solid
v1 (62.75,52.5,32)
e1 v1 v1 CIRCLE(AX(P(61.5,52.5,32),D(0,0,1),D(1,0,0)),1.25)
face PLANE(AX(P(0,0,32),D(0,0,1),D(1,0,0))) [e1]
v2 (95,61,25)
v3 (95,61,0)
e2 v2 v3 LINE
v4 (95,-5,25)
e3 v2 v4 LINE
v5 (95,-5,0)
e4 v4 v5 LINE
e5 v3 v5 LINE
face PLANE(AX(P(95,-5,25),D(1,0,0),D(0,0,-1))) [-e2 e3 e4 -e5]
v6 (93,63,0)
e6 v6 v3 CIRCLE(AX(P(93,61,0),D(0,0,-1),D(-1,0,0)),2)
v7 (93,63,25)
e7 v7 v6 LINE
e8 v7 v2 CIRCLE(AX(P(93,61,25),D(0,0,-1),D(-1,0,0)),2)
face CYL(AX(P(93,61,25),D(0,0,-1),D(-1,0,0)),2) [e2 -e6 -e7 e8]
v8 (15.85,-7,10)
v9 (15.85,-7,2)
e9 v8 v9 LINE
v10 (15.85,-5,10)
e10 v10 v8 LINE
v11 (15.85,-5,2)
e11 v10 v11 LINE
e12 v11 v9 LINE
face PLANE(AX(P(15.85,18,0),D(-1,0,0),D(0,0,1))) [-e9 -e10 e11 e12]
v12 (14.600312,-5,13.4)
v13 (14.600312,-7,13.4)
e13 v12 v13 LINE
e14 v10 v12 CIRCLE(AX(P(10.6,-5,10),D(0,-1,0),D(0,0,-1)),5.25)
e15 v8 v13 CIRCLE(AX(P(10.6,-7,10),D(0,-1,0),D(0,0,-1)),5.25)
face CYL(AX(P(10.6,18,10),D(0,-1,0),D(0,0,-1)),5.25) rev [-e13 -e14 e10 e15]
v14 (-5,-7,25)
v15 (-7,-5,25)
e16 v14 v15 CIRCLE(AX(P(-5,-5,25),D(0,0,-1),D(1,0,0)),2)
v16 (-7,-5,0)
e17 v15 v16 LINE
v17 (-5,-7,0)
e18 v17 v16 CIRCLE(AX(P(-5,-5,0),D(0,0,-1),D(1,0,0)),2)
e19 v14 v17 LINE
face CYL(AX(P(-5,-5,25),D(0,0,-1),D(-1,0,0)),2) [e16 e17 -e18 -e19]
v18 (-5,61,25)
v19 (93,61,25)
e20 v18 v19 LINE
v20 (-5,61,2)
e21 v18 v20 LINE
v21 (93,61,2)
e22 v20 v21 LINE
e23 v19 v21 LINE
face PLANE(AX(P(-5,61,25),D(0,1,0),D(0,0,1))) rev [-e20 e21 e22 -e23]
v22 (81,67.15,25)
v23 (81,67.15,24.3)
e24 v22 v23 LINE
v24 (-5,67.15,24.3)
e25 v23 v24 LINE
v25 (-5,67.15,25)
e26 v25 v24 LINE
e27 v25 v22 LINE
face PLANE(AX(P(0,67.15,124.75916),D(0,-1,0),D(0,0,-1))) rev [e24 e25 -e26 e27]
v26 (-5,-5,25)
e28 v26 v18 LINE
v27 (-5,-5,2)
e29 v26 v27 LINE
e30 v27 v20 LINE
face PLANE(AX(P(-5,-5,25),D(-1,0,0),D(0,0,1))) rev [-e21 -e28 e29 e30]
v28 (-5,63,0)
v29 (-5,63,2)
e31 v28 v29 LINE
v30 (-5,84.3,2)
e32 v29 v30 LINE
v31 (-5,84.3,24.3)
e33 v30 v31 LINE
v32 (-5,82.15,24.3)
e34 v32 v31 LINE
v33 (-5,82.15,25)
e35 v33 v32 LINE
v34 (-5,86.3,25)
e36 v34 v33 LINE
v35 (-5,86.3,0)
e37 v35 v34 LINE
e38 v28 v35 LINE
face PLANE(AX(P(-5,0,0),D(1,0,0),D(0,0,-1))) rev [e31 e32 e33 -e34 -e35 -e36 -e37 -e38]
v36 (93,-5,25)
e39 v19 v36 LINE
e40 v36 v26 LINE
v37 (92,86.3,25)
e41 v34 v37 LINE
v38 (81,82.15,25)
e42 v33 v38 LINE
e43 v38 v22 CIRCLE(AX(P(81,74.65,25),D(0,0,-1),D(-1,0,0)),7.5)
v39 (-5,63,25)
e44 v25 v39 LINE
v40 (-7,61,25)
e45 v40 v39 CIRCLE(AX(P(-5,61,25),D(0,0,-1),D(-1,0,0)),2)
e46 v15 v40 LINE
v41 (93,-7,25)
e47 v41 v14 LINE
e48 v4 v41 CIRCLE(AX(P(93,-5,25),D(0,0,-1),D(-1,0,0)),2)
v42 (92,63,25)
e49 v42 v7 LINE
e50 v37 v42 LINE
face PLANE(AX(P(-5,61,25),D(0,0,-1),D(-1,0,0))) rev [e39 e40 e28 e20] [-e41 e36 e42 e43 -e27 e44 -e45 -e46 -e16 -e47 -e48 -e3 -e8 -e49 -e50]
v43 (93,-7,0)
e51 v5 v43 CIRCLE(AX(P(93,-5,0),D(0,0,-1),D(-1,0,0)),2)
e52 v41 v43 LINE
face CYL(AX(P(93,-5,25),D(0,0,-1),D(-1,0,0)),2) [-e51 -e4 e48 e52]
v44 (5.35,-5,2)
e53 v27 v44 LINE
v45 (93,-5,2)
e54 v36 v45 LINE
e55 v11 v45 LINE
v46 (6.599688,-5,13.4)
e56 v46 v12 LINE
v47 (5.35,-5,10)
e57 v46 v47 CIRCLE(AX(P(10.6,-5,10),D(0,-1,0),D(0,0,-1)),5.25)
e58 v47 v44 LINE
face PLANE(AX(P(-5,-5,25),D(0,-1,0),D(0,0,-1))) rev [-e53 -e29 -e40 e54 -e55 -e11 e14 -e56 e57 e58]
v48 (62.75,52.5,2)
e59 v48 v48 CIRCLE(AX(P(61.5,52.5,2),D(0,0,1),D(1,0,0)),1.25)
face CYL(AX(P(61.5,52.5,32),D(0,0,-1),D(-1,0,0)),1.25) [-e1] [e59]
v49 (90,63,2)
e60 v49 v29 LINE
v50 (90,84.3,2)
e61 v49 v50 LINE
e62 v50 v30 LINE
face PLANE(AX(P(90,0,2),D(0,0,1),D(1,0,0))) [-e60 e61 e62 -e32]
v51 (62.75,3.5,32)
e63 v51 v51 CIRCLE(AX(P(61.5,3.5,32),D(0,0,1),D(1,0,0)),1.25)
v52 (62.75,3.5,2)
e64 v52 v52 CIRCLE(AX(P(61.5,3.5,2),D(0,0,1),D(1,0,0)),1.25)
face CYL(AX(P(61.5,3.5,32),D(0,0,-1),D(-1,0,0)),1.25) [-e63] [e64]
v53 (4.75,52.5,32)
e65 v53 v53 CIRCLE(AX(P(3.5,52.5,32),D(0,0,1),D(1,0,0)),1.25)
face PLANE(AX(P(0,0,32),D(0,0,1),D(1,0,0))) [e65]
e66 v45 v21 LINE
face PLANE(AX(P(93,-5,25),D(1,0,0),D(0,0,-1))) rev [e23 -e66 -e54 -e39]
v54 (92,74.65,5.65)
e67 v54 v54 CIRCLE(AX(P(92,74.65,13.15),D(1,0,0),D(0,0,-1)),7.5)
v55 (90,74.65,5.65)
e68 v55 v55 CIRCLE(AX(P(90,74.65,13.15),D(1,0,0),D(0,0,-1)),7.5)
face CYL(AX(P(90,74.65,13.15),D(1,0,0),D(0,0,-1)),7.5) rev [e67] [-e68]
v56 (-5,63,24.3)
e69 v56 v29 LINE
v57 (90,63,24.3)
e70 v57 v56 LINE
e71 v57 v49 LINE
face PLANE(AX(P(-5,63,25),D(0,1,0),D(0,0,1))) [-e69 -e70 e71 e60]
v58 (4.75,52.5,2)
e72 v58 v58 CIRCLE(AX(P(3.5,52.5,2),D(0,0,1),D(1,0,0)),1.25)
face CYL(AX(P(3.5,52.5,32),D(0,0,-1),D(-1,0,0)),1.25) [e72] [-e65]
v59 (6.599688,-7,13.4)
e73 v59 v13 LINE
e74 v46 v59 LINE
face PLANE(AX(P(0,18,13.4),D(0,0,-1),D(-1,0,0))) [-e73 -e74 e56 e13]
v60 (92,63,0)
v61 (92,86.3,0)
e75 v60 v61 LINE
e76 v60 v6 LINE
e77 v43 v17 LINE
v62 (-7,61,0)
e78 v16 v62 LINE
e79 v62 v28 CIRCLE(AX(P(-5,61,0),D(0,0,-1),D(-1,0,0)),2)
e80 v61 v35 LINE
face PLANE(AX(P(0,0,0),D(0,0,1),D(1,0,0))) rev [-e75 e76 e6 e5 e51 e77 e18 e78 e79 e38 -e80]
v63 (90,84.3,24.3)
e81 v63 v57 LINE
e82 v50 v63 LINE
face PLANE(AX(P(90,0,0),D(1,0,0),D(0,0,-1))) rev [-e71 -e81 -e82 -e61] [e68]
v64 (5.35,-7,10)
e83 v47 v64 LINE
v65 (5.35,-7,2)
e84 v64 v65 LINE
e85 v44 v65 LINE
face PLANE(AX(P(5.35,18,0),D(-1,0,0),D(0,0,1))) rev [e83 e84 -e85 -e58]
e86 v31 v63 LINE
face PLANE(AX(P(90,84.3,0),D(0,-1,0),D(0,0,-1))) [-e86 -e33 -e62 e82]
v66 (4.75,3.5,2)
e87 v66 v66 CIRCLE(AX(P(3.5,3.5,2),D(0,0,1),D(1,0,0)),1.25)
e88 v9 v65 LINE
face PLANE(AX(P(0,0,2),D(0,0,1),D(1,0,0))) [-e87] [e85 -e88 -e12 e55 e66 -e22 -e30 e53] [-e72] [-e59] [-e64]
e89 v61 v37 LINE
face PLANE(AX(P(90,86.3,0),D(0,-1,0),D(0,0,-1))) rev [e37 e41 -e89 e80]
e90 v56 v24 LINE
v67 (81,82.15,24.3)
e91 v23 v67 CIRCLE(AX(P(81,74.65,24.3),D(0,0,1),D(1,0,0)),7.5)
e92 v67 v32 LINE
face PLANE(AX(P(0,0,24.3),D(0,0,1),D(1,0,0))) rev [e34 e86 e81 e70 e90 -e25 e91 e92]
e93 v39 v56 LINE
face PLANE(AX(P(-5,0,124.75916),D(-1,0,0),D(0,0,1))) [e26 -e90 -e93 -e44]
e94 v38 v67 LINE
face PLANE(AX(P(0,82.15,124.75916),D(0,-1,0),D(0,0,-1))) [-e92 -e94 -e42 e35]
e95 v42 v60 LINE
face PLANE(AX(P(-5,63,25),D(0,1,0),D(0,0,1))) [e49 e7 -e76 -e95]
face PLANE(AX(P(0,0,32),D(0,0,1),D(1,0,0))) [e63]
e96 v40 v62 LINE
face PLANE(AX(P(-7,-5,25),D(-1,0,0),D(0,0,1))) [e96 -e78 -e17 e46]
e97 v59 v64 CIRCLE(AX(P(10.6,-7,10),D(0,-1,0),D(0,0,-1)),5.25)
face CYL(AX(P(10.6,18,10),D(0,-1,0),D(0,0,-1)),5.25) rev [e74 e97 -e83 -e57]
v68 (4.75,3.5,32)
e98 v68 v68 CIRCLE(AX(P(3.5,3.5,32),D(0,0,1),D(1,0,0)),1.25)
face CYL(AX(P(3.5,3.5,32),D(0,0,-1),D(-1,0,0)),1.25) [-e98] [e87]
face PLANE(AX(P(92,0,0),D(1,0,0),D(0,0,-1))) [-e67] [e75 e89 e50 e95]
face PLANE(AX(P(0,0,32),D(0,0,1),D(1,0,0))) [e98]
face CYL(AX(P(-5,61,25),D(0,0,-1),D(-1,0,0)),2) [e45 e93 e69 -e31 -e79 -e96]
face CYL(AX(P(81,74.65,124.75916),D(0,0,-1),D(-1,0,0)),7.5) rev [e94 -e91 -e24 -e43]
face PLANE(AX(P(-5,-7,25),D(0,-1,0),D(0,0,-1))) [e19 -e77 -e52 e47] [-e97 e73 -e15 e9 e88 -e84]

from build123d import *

# Parameters (mm, degrees)
SKETCH1_W           = 98
SKETCH1_H           = 66
SKETCH1_R           = 1.25
BOSS_EXTRUDE1_DEPTH = 2
SKETCH1_3_R         = 1.25
BOSS_EXTRUDE2_DEPTH = 32
SKETCH2_W           = 98
SKETCH2_H           = 66
BOSS_EXTRUDE3_DEPTH = 25
CUT_EXTRUDE1_DEPTH  = 25
BOSS_EXTRUDE4_DEPTH = 95
SKETCH5_W           = 24
SKETCH5_H           = 23.3
BOSS_EXTRUDE5_DEPTH = 2
BOSS_EXTRUDE6_DEPTH = 0.3
BOSS_EXTRUDE7_DEPTH = 0.7
CUT_EXTRUDE2_DEPTH  = 2


with BuildPart() as part:
    # Sketch1 → Boss-Extrude1 (new body)
    with BuildSketch(Plane.XY):
        with Locations((44, 28)):
            Rectangle(SKETCH1_W, SKETCH1_H)
        with Locations((61.5, 3.5)):
            Circle(SKETCH1_R, mode=Mode.SUBTRACT)
        with Locations((3.5, 52.5)):
            Circle(SKETCH1_R, mode=Mode.SUBTRACT)
        with Locations((61.5, 52.5)):
            Circle(SKETCH1_R, mode=Mode.SUBTRACT)
        with Locations((3.5, 3.5)):
            Circle(SKETCH1_R, mode=Mode.SUBTRACT)
    extrude(amount=BOSS_EXTRUDE1_DEPTH)

    # Sketch1<3> → Boss-Extrude2 (add)
    with BuildSketch(Plane.XY):
        with Locations((3.5, 52.5)):
            Circle(SKETCH1_3_R)
        with Locations((61.5, 52.5)):
            Circle(SKETCH1_3_R)
        with Locations((61.5, 3.5)):
            Circle(SKETCH1_3_R)
        with Locations((3.5, 3.5)):
            Circle(SKETCH1_3_R)
    extrude(amount=BOSS_EXTRUDE2_DEPTH)

    # Sketch2 → Boss-Extrude3 (add)
    with BuildSketch(Plane(origin=(0, 0, 0), x_dir=(-1, 0, 0), z_dir=(0, 0, -1))):
        with BuildLine():
            Line((7, -5), (7, 61))
            ThreePointArc((7, 61), (6.414213562, 62.414213562), (5, 63))
            Line((5, 63), (-93, 63))
            ThreePointArc((-93, 63), (-94.414213562, 62.414213562), (-95, 61))
            Line((-95, 61), (-95, -5))
            ThreePointArc((-95, -5), (-94.414213562, -6.414213562), (-93, -7))
            Line((-93, -7), (5, -7))
            ThreePointArc((5, -7), (6.414213562, -6.414213562), (7, -5))
        make_face()
        with Locations((-44, 28)):
            Rectangle(SKETCH2_W, SKETCH2_H, mode=Mode.SUBTRACT)
    extrude(amount=-BOSS_EXTRUDE3_DEPTH)

    # Sketch3 → Cut-Extrude1 (cut)
    with BuildSketch(Plane.XZ.offset(7)):
        with BuildLine():
            Line((15.85, 10), (15.85, 2))
            Line((15.85, 2), (5.35, 2))
            Line((5.35, 2), (5.35, 10))
            ThreePointArc((5.35, 10), (5.672315931, 11.81119566), (6.599687512, 13.4))
            Line((6.599687512, 13.4), (14.600312488, 13.4))
            ThreePointArc((14.600312488, 13.4), (15.527684069, 11.81119566), (15.85, 10))
        make_face()
    extrude(amount=-CUT_EXTRUDE1_DEPTH, mode=Mode.SUBTRACT)

    # Sketch4 → Boss-Extrude4 (add)
    with BuildSketch(Plane(origin=(-5, 0, 0), x_dir=(0, 0, -1), z_dir=(1, 0, 0))):
        Polygon((-24, 84.3), (-24, 86.3), (0, 86.3), (0, 63), (-2, 63), (-2, 84.3), align=None)
    extrude(amount=BOSS_EXTRUDE4_DEPTH)

    # Sketch5 → Boss-Extrude5 (add)
    with BuildSketch(Plane(origin=(90, 0, 0), x_dir=(0, 0, -1), z_dir=(1, 0, 0))):
        with Locations((-12, 74.65)):
            Rectangle(SKETCH5_W, SKETCH5_H)
    extrude(amount=BOSS_EXTRUDE5_DEPTH)

    # Sketch6 → Boss-Extrude6 (add)
    with BuildSketch(Plane.XY.offset(24)):
        Polygon((-5, 84.3), (-5, 86.3), (92, 86.3), (92, 63), (90, 63), (90, 84.3), align=None)
    extrude(amount=BOSS_EXTRUDE6_DEPTH)

    # Sketch7 → Boss-Extrude7 (add)
    with BuildSketch(Plane(origin=(-5, 84.3, 24.3), x_dir=(1, 0, 0), z_dir=(0, 0, 1))):
        with BuildLine():
            Line((97, -21.3), (97, -9.65))
            Line((97, -9.65), (93.5, -9.65))
            ThreePointArc((93.5, -9.65), (91.303300859, -14.953300859), (86, -17.15))
            Line((86, -17.15), (0, -17.15))
            Line((0, -17.15), (0, -21.3))
            Line((0, -21.3), (97, -21.3))
        make_face()
        with BuildLine():
            Line((93.5, -9.65), (97, -9.65))
            Line((97, -9.65), (97, 2))
            Line((97, 2), (0, 2))
            Line((0, 2), (0, -2.15))
            Line((0, -2.15), (86, -2.15))
            ThreePointArc((86, -2.15), (91.303300859, -4.346699141), (93.5, -9.65))
        make_face()
    extrude(amount=BOSS_EXTRUDE7_DEPTH)

    # Sketch8 → Cut-Extrude2 (cut)
    with BuildSketch(Plane(origin=(92, 0, 0), x_dir=(0, 0, -1), z_dir=(1, 0, 0))):
        with BuildLine():
            ThreePointArc((-7.536194091, 79.62344782), (-18.12344782, 80.263805909), (-18.763805909, 69.67655218))
            Line((-18.763805909, 69.67655218), (-7.536194091, 79.62344782))
        make_face()
        with BuildLine():
            Line((-7.536194091, 79.62344782), (-18.763805909, 69.67655218))
            ThreePointArc((-18.763805909, 69.67655218), (-10.490445932, 67.637384785), (-5.65, 74.65))
            ThreePointArc((-5.65, 74.65), (-6.137384785, 77.309554068), (-7.536194091, 79.62344782))
        make_face()
    extrude(amount=-CUT_EXTRUDE2_DEPTH, mode=Mode.SUBTRACT)


solid = part.part
